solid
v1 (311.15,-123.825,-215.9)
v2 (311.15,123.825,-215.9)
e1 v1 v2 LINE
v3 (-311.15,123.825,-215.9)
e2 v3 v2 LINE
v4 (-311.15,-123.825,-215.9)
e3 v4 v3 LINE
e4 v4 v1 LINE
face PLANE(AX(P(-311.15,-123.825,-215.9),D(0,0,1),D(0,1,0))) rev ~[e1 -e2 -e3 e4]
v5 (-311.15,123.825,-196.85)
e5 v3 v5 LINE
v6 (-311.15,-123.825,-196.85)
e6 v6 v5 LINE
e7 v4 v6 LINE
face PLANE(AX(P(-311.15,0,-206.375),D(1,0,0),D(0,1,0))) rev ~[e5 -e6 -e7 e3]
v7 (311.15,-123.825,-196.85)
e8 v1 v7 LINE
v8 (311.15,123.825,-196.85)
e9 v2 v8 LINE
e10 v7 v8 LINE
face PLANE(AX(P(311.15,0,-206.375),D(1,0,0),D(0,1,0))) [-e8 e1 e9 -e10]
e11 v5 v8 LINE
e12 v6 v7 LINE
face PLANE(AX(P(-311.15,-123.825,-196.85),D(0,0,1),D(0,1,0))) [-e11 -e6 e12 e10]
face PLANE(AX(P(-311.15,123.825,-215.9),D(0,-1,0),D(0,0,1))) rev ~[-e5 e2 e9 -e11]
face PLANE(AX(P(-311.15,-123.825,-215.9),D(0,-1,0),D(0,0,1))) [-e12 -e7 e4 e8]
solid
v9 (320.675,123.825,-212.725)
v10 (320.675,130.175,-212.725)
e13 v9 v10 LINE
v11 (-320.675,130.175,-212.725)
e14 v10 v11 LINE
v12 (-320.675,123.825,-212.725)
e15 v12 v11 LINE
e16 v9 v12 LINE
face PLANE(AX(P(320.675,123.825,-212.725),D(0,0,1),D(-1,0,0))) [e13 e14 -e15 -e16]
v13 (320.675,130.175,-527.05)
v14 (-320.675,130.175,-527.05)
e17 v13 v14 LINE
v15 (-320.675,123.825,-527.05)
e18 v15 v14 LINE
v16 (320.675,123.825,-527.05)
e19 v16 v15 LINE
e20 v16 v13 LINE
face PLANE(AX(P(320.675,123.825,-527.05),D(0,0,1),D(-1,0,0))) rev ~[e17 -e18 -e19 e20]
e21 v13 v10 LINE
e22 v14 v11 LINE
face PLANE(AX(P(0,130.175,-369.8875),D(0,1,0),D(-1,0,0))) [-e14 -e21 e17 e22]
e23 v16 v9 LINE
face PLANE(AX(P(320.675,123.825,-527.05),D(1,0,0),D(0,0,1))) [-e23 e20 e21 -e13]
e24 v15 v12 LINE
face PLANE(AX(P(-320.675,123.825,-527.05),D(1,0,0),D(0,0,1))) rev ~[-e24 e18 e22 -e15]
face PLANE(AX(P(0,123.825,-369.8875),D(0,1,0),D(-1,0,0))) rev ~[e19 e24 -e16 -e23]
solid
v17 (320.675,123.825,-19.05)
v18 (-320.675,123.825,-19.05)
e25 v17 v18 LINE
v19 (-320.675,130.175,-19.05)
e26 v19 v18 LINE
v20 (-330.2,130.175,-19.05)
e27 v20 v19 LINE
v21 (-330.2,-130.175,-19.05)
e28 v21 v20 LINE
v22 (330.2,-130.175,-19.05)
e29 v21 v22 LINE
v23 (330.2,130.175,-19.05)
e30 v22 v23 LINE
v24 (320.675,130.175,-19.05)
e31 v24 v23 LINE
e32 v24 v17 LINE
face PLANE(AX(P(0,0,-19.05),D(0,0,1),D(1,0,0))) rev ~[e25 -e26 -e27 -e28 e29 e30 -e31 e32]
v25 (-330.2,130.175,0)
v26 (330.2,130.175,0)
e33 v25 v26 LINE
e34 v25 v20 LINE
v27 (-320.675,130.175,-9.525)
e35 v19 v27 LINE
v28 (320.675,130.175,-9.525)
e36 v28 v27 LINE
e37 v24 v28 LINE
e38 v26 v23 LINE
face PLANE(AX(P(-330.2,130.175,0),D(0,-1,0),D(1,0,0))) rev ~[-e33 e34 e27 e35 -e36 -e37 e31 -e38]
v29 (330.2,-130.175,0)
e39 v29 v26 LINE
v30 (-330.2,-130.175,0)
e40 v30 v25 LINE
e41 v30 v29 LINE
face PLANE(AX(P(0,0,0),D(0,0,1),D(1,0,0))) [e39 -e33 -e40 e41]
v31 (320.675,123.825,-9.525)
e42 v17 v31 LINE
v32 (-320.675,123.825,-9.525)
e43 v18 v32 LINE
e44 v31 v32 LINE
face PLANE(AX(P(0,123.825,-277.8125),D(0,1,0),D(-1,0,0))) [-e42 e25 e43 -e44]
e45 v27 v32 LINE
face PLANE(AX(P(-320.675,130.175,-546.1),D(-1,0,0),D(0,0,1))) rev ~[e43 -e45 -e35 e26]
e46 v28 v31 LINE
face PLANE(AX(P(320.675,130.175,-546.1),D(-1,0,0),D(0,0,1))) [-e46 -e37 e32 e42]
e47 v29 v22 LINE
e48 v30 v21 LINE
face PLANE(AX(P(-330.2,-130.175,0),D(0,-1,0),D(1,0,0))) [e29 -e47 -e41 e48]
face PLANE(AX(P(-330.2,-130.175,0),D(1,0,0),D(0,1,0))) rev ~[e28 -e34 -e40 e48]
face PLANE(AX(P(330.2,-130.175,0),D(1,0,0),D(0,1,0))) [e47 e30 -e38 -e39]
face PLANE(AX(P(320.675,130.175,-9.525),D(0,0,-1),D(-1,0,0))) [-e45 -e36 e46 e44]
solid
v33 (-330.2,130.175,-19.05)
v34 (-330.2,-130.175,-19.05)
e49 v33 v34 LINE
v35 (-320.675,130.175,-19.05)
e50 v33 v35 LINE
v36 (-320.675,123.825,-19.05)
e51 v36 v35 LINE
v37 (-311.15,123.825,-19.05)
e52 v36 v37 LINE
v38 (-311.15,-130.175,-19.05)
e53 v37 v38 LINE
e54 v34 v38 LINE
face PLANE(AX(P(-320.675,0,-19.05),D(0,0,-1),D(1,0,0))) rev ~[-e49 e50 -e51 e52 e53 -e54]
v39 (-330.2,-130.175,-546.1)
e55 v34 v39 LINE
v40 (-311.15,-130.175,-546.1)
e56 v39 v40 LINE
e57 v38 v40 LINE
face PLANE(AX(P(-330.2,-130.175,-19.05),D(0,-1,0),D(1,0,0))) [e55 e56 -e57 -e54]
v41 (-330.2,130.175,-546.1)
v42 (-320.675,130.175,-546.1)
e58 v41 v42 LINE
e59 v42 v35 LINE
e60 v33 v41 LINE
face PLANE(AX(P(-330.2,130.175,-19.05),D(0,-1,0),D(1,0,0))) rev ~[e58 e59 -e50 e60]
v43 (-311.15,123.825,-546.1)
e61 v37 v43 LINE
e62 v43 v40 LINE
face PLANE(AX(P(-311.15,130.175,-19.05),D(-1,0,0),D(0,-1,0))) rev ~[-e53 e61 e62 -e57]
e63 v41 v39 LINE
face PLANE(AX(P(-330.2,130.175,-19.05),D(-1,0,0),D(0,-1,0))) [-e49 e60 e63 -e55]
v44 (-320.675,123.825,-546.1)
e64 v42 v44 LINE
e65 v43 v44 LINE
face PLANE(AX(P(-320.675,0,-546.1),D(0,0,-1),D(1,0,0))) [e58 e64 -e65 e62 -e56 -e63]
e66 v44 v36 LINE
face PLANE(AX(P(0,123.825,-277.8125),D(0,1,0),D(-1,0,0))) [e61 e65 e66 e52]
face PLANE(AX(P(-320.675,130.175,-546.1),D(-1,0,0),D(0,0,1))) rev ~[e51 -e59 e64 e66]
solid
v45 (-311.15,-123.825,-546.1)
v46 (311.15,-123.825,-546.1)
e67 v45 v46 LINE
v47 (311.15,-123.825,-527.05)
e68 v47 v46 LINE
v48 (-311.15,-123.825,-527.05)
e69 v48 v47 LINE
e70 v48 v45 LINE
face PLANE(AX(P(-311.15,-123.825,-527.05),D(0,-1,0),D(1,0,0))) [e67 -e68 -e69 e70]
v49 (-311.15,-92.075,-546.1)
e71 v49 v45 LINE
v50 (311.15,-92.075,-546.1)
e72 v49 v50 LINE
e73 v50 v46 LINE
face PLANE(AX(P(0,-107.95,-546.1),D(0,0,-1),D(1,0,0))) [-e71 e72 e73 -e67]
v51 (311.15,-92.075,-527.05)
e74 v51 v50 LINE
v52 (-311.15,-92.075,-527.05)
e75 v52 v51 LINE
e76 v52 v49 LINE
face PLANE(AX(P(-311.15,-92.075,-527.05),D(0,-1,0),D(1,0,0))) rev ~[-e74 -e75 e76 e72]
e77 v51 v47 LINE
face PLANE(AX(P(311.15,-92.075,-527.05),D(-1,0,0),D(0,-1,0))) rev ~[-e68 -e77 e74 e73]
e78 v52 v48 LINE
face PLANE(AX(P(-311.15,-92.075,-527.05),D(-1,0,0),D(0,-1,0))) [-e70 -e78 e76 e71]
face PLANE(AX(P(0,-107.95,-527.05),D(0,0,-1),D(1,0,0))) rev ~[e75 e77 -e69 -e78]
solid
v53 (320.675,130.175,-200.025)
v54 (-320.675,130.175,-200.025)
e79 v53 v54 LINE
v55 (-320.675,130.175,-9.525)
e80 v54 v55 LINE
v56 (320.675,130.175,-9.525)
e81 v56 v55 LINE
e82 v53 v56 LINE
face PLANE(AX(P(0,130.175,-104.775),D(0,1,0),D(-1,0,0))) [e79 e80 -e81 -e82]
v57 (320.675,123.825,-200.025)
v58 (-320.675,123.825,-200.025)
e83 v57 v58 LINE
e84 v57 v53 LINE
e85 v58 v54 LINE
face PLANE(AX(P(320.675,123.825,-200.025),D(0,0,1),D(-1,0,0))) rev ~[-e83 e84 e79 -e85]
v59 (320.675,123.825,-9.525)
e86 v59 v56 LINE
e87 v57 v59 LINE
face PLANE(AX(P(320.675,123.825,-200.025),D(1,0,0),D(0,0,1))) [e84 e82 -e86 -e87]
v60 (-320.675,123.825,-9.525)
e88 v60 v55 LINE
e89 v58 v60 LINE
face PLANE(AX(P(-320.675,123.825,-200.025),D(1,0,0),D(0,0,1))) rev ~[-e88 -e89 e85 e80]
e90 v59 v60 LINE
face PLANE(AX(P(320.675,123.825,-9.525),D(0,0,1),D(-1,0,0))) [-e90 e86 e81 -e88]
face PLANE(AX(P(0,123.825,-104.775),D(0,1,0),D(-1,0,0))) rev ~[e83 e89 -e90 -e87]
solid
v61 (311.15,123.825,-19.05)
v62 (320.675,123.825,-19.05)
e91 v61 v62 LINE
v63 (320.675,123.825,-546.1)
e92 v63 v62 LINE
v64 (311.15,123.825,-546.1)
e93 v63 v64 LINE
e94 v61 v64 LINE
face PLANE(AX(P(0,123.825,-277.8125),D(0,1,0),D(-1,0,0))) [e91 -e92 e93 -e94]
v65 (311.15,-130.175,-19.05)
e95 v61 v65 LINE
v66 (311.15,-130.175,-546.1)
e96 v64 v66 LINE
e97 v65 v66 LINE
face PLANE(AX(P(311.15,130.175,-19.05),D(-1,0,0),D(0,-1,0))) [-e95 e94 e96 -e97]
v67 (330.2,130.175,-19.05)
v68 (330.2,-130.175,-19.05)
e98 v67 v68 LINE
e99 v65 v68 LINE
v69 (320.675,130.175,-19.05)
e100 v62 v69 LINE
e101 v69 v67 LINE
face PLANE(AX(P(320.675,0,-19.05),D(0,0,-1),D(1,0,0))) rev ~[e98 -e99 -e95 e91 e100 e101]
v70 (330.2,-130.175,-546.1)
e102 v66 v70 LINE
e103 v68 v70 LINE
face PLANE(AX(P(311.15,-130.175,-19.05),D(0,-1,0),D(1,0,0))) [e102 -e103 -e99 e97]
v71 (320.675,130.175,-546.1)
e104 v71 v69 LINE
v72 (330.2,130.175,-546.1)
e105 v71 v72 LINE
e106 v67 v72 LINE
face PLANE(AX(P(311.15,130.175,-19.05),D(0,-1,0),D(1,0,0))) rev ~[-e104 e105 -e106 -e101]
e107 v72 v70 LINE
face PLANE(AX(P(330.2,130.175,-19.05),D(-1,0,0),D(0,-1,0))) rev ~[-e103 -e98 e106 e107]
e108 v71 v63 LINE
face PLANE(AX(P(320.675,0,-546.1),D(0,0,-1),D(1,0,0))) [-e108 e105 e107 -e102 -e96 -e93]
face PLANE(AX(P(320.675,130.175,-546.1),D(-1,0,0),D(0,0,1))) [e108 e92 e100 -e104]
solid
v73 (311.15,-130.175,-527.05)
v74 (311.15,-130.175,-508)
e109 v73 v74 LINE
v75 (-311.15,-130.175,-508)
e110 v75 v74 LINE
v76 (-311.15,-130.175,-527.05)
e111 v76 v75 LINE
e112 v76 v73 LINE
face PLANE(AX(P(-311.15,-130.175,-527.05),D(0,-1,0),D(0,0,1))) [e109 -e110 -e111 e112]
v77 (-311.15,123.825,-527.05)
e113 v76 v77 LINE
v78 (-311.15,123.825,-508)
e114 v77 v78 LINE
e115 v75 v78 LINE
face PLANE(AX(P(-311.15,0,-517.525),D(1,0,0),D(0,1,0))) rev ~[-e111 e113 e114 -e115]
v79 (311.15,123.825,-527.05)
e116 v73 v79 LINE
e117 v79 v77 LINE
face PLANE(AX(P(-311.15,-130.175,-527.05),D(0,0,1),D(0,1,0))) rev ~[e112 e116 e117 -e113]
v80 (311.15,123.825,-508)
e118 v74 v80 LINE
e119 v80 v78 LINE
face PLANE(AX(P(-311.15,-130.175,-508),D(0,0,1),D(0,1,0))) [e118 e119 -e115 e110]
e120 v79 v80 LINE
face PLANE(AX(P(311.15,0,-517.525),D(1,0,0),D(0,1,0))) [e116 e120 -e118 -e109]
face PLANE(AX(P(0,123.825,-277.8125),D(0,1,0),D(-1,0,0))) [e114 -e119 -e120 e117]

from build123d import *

# Parameters (mm, degrees)
F0_W      = 660.4
F0_H      = 260.35
F1_DEPTH  = 19.05
F2_W      = 19.05
F2_H      = 260.35
F3_DEPTH  = 527.05
F4_W      = 260.35
F4_H      = 19.05
F5_DEPTH  = 622.3
F6_W      = 622.3
F6_H      = 31.75
F7_DEPTH  = 19.05
F8_W      = 641.35
F8_H      = 536.575
F9_DEPTH  = 6.35
F10_W     = 247.65
F10_H     = 19.05
F11_DEPTH = 622.3
F12_W     = 641.35
F12_H     = 190.5
F12_H_2   = 314.325
F13_DEPTH = 6.35


with BuildPart() as f1:
    # F0 (on Top) → F1 (new body)
    with BuildSketch(Plane.XY):
        Rectangle(F0_W, F0_H)
    extrude(amount=-F1_DEPTH)


with BuildPart() as f3:
    # F2 (on face) → F3 (new body)
    with BuildSketch(Plane(origin=(0, 0, -19.05), x_dir=(1, 0, 0), z_dir=(0, 0, -1))):
        with Locations((-320.675, 0)):
            Rectangle(F2_W, F2_H)
        with Locations((320.675, 0)):
            Rectangle(F2_W, F2_H)
    extrude(amount=F3_DEPTH)


with BuildPart() as f5:
    # F4 (on face) → F5 (new body, through all)
    with BuildSketch(Plane.YZ.offset(-311.15)):
        with Locations((0, -517.525)):
            Rectangle(F4_W, F4_H)
    extrude(amount=F5_DEPTH)


with BuildPart() as f7:
    # F6 (on face) → F7 (new body, through all)
    with BuildSketch(Plane(origin=(0, 0, -527.05), x_dir=(1, 0, 0), z_dir=(0, 0, -1))):
        with Locations((0, 107.95)):
            Rectangle(F6_W, F6_H)
    extrude(amount=F7_DEPTH)


with BuildPart() as f9_tool:
    # F8 (on face) → F9 (new body)
    with BuildSketch(Plane(origin=(0, 130.175, 0), x_dir=(-1, 0, 0), z_dir=(0, 1, 0))):
        with Locations((0, -277.8125)):
            Rectangle(F8_W, F8_H)
    extrude(amount=-F9_DEPTH)


with BuildPart() as f1_1:
    add(f1.part)

    # F9: cut by f9_tool
    add(f9_tool.part, mode=Mode.SUBTRACT)


with BuildPart() as f3_1:
    add(f3.part)

    # F9: cut by f9_tool
    add(f9_tool.part, mode=Mode.SUBTRACT)


with BuildPart() as f5_1:
    add(f5.part)

    # F9: cut by f9_tool
    add(f9_tool.part, mode=Mode.SUBTRACT)


with BuildPart() as f11:
    # F10 (on face) → F11 (new body, through all)
    with BuildSketch(Plane.YZ.offset(-311.15)):
        with Locations((0, -206.375)):
            Rectangle(F10_W, F10_H)
    extrude(amount=F11_DEPTH)


with BuildPart() as f13:
    # F12 (on face) → F13 (new body, through all)
    with BuildSketch(Plane(origin=(0, 123.825, 0), x_dir=(-1, 0, 0), z_dir=(0, 1, 0))):
        with Locations((0, -104.775)):
            Rectangle(F12_W, F12_H)
        with Locations((0, -369.8875)):
            Rectangle(F12_W, F12_H_2)
    extrude(amount=F13_DEPTH)


solid = Compound([f7.part, f1_1.part, f3_1.part, f5_1.part, f11.part, f13.part])
